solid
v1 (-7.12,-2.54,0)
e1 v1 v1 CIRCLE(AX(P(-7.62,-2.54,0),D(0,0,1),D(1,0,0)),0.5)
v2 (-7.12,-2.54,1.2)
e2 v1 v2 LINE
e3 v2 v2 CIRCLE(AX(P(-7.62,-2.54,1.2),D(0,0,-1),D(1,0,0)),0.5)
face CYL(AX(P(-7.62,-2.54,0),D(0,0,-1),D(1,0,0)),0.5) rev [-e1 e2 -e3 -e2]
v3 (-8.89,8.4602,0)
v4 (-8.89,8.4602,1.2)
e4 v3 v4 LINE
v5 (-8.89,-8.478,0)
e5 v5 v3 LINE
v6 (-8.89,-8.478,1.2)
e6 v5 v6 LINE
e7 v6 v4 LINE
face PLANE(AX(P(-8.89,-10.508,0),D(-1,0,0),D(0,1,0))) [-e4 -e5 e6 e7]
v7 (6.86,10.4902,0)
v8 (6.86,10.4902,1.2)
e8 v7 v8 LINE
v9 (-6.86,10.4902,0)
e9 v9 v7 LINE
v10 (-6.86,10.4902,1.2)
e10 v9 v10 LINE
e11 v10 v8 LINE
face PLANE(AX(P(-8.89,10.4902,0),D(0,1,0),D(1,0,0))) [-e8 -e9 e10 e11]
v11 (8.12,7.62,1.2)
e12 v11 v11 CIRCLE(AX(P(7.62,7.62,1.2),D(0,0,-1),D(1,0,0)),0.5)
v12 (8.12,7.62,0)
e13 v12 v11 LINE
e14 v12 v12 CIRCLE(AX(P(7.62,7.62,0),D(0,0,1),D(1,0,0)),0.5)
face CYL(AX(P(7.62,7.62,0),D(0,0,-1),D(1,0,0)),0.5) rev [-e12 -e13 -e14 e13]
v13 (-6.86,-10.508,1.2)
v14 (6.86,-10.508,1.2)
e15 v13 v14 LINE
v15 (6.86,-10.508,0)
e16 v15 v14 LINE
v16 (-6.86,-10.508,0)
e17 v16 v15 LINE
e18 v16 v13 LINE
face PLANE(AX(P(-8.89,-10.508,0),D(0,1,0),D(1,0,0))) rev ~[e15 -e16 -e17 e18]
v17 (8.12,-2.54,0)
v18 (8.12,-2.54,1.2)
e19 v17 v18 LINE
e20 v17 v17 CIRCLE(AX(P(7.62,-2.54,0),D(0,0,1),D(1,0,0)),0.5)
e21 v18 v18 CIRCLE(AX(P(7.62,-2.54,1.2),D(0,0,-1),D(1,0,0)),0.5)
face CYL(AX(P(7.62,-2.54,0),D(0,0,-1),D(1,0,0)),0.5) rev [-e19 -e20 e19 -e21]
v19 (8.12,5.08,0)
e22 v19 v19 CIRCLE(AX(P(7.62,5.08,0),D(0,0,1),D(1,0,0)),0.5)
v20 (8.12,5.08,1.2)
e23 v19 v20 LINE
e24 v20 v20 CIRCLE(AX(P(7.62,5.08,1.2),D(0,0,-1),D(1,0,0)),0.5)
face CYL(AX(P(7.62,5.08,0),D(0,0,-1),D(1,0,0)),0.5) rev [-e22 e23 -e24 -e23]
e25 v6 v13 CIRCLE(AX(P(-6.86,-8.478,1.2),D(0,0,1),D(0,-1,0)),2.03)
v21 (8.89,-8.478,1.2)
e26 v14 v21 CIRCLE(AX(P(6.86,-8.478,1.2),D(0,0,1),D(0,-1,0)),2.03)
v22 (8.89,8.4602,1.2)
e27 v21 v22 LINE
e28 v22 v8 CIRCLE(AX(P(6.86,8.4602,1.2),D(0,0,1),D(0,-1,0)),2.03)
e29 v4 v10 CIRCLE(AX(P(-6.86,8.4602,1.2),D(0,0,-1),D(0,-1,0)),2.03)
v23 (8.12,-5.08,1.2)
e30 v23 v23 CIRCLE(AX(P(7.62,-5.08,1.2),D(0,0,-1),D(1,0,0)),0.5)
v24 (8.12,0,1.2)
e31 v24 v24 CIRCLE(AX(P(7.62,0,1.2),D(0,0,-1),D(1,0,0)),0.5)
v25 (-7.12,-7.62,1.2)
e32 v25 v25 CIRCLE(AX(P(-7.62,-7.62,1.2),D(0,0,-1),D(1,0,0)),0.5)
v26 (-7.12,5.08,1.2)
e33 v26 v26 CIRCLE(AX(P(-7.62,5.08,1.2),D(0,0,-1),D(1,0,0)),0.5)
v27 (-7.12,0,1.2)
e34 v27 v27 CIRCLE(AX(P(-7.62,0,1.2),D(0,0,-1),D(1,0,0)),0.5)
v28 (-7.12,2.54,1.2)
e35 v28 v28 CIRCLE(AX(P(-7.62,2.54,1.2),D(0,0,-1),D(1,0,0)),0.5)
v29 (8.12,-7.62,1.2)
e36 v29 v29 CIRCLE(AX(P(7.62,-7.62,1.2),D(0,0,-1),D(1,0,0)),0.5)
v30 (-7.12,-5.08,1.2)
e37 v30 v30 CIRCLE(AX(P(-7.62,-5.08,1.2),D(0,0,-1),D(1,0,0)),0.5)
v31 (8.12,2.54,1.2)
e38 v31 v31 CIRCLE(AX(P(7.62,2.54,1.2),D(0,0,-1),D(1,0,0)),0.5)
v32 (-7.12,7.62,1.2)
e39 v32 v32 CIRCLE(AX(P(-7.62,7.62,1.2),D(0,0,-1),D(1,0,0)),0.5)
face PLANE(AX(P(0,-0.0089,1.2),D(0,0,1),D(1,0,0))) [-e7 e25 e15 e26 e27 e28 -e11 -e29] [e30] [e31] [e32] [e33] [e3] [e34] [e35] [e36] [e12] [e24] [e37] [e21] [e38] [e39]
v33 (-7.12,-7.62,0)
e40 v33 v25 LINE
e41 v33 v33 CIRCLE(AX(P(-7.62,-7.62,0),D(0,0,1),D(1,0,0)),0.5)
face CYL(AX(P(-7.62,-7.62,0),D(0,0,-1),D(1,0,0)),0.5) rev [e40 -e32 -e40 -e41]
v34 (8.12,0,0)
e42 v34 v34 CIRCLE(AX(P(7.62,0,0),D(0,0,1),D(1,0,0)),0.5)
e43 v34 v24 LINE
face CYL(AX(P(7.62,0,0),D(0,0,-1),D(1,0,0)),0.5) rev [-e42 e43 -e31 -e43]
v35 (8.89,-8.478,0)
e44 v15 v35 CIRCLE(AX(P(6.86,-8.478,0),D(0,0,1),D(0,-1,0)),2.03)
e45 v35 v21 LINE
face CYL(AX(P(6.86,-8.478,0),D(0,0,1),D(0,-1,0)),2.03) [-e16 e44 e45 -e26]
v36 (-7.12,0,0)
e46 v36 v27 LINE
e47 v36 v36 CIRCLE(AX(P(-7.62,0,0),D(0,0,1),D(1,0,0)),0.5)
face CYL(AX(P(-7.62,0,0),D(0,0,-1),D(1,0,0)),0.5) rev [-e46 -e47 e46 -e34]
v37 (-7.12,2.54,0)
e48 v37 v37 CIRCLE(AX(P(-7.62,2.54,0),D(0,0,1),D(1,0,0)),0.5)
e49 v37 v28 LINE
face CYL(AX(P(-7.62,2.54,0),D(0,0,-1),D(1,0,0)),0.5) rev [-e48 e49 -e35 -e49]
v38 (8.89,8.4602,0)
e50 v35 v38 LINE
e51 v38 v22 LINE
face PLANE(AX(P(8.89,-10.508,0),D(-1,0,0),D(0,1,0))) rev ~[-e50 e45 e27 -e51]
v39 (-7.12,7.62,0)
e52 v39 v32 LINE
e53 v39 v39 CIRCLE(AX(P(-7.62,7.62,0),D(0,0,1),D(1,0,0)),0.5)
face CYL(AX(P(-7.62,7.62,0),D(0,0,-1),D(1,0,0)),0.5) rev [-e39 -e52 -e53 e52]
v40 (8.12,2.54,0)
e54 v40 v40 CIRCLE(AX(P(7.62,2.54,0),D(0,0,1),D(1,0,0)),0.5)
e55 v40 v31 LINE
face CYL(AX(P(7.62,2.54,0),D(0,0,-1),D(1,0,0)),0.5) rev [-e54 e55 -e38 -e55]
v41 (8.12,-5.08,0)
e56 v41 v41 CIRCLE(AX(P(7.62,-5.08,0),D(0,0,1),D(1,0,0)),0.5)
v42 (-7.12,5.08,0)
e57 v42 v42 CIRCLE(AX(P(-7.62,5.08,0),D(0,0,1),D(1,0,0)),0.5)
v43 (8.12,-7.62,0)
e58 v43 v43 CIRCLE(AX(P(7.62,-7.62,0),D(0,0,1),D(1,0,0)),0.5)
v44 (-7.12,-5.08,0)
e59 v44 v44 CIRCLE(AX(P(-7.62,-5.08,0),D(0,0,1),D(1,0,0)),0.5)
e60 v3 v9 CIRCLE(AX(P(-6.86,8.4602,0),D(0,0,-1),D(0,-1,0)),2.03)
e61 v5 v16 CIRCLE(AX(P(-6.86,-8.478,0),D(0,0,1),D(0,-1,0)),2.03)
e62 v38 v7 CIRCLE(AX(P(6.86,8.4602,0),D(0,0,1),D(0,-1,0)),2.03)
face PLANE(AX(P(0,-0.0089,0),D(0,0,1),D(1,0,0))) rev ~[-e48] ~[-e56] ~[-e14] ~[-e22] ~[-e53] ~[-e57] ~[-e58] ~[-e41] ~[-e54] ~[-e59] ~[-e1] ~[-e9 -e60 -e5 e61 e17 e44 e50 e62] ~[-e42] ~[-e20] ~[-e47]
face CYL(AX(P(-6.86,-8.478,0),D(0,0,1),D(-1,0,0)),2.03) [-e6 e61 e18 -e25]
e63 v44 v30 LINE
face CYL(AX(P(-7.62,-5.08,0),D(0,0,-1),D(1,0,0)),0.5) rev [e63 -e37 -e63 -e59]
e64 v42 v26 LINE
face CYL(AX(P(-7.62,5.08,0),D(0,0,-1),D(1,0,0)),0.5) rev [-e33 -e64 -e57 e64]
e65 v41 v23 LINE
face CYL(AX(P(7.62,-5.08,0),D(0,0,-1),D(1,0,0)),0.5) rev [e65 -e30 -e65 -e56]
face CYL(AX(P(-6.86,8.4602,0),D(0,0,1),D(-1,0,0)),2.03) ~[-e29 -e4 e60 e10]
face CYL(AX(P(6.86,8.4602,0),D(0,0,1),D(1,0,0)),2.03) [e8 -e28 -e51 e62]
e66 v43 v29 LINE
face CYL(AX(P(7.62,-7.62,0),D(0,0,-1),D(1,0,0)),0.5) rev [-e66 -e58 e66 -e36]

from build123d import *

# Parameters (mm, degrees)
CYLINDER010_R     = 0.5
CYLINDER010_DEPTH = 2
ARRAY_X_COUNT     = 2
ARRAY_X_PITCH     = 15.24
ARRAY_Y_COUNT     = 7
ARRAY_Y_PITCH     = 2.54
BOX028_W          = 17.78
BOX028_H          = 20.9982
BOX028_DEPTH      = 1.2
FILLET009_R       = 2.03


with BuildPart() as xiao_th_all:
    # Cylinder010 → Cylinder010 (new body)
    with BuildSketch(Plane(origin=(-7.62, -7.62, 0), x_dir=(1, 0, 0), z_dir=(0, 0, 1))):
        Circle(CYLINDER010_R)
    extrude(amount=CYLINDER010_DEPTH)

    # Array X: XIAO_TH_All ×2


with BuildPart() as xiao_th_all_1:
    add(xiao_th_all.part)
    with Locations(*[(i * ARRAY_X_PITCH, 0, 0) for i in range(1, ARRAY_X_COUNT)]):
        add(xiao_th_all.part)

    # Array Y: XIAO_TH_All ×7


with BuildPart() as xiao_th_all_2:
    add(xiao_th_all_1.part)
    with Locations(*[(0, i * ARRAY_Y_PITCH, 0) for i in range(1, ARRAY_Y_COUNT)]):
        add(xiao_th_all_1.part)


with BuildPart() as xiao_base3:
    # Box028 → Box028 (new body)
    with BuildSketch(Plane(origin=(-8.89, -10.508, 0), x_dir=(1, 0, 0), z_dir=(0, 0, 1))):
        with Locations((8.89, 10.4991)):
            Rectangle(BOX028_W, BOX028_H)
    extrude(amount=BOX028_DEPTH)

    # Fillet009
    fillet009_edges = [xiao_base3.edges().sort_by_distance(p)[0] for p in [
        (-8.89, -10.508, 0.6),
        (-8.89, 10.4902, 0.6),
        (8.89, -10.508, 0.6),
        (8.89, 10.4902, 0.6),
    ]]
    fillet(fillet009_edges, radius=FILLET009_R)

    # Cut004: cut XIAO_TH_All
    add(xiao_th_all_2.part, mode=Mode.SUBTRACT)


solid = xiao_base3.part
